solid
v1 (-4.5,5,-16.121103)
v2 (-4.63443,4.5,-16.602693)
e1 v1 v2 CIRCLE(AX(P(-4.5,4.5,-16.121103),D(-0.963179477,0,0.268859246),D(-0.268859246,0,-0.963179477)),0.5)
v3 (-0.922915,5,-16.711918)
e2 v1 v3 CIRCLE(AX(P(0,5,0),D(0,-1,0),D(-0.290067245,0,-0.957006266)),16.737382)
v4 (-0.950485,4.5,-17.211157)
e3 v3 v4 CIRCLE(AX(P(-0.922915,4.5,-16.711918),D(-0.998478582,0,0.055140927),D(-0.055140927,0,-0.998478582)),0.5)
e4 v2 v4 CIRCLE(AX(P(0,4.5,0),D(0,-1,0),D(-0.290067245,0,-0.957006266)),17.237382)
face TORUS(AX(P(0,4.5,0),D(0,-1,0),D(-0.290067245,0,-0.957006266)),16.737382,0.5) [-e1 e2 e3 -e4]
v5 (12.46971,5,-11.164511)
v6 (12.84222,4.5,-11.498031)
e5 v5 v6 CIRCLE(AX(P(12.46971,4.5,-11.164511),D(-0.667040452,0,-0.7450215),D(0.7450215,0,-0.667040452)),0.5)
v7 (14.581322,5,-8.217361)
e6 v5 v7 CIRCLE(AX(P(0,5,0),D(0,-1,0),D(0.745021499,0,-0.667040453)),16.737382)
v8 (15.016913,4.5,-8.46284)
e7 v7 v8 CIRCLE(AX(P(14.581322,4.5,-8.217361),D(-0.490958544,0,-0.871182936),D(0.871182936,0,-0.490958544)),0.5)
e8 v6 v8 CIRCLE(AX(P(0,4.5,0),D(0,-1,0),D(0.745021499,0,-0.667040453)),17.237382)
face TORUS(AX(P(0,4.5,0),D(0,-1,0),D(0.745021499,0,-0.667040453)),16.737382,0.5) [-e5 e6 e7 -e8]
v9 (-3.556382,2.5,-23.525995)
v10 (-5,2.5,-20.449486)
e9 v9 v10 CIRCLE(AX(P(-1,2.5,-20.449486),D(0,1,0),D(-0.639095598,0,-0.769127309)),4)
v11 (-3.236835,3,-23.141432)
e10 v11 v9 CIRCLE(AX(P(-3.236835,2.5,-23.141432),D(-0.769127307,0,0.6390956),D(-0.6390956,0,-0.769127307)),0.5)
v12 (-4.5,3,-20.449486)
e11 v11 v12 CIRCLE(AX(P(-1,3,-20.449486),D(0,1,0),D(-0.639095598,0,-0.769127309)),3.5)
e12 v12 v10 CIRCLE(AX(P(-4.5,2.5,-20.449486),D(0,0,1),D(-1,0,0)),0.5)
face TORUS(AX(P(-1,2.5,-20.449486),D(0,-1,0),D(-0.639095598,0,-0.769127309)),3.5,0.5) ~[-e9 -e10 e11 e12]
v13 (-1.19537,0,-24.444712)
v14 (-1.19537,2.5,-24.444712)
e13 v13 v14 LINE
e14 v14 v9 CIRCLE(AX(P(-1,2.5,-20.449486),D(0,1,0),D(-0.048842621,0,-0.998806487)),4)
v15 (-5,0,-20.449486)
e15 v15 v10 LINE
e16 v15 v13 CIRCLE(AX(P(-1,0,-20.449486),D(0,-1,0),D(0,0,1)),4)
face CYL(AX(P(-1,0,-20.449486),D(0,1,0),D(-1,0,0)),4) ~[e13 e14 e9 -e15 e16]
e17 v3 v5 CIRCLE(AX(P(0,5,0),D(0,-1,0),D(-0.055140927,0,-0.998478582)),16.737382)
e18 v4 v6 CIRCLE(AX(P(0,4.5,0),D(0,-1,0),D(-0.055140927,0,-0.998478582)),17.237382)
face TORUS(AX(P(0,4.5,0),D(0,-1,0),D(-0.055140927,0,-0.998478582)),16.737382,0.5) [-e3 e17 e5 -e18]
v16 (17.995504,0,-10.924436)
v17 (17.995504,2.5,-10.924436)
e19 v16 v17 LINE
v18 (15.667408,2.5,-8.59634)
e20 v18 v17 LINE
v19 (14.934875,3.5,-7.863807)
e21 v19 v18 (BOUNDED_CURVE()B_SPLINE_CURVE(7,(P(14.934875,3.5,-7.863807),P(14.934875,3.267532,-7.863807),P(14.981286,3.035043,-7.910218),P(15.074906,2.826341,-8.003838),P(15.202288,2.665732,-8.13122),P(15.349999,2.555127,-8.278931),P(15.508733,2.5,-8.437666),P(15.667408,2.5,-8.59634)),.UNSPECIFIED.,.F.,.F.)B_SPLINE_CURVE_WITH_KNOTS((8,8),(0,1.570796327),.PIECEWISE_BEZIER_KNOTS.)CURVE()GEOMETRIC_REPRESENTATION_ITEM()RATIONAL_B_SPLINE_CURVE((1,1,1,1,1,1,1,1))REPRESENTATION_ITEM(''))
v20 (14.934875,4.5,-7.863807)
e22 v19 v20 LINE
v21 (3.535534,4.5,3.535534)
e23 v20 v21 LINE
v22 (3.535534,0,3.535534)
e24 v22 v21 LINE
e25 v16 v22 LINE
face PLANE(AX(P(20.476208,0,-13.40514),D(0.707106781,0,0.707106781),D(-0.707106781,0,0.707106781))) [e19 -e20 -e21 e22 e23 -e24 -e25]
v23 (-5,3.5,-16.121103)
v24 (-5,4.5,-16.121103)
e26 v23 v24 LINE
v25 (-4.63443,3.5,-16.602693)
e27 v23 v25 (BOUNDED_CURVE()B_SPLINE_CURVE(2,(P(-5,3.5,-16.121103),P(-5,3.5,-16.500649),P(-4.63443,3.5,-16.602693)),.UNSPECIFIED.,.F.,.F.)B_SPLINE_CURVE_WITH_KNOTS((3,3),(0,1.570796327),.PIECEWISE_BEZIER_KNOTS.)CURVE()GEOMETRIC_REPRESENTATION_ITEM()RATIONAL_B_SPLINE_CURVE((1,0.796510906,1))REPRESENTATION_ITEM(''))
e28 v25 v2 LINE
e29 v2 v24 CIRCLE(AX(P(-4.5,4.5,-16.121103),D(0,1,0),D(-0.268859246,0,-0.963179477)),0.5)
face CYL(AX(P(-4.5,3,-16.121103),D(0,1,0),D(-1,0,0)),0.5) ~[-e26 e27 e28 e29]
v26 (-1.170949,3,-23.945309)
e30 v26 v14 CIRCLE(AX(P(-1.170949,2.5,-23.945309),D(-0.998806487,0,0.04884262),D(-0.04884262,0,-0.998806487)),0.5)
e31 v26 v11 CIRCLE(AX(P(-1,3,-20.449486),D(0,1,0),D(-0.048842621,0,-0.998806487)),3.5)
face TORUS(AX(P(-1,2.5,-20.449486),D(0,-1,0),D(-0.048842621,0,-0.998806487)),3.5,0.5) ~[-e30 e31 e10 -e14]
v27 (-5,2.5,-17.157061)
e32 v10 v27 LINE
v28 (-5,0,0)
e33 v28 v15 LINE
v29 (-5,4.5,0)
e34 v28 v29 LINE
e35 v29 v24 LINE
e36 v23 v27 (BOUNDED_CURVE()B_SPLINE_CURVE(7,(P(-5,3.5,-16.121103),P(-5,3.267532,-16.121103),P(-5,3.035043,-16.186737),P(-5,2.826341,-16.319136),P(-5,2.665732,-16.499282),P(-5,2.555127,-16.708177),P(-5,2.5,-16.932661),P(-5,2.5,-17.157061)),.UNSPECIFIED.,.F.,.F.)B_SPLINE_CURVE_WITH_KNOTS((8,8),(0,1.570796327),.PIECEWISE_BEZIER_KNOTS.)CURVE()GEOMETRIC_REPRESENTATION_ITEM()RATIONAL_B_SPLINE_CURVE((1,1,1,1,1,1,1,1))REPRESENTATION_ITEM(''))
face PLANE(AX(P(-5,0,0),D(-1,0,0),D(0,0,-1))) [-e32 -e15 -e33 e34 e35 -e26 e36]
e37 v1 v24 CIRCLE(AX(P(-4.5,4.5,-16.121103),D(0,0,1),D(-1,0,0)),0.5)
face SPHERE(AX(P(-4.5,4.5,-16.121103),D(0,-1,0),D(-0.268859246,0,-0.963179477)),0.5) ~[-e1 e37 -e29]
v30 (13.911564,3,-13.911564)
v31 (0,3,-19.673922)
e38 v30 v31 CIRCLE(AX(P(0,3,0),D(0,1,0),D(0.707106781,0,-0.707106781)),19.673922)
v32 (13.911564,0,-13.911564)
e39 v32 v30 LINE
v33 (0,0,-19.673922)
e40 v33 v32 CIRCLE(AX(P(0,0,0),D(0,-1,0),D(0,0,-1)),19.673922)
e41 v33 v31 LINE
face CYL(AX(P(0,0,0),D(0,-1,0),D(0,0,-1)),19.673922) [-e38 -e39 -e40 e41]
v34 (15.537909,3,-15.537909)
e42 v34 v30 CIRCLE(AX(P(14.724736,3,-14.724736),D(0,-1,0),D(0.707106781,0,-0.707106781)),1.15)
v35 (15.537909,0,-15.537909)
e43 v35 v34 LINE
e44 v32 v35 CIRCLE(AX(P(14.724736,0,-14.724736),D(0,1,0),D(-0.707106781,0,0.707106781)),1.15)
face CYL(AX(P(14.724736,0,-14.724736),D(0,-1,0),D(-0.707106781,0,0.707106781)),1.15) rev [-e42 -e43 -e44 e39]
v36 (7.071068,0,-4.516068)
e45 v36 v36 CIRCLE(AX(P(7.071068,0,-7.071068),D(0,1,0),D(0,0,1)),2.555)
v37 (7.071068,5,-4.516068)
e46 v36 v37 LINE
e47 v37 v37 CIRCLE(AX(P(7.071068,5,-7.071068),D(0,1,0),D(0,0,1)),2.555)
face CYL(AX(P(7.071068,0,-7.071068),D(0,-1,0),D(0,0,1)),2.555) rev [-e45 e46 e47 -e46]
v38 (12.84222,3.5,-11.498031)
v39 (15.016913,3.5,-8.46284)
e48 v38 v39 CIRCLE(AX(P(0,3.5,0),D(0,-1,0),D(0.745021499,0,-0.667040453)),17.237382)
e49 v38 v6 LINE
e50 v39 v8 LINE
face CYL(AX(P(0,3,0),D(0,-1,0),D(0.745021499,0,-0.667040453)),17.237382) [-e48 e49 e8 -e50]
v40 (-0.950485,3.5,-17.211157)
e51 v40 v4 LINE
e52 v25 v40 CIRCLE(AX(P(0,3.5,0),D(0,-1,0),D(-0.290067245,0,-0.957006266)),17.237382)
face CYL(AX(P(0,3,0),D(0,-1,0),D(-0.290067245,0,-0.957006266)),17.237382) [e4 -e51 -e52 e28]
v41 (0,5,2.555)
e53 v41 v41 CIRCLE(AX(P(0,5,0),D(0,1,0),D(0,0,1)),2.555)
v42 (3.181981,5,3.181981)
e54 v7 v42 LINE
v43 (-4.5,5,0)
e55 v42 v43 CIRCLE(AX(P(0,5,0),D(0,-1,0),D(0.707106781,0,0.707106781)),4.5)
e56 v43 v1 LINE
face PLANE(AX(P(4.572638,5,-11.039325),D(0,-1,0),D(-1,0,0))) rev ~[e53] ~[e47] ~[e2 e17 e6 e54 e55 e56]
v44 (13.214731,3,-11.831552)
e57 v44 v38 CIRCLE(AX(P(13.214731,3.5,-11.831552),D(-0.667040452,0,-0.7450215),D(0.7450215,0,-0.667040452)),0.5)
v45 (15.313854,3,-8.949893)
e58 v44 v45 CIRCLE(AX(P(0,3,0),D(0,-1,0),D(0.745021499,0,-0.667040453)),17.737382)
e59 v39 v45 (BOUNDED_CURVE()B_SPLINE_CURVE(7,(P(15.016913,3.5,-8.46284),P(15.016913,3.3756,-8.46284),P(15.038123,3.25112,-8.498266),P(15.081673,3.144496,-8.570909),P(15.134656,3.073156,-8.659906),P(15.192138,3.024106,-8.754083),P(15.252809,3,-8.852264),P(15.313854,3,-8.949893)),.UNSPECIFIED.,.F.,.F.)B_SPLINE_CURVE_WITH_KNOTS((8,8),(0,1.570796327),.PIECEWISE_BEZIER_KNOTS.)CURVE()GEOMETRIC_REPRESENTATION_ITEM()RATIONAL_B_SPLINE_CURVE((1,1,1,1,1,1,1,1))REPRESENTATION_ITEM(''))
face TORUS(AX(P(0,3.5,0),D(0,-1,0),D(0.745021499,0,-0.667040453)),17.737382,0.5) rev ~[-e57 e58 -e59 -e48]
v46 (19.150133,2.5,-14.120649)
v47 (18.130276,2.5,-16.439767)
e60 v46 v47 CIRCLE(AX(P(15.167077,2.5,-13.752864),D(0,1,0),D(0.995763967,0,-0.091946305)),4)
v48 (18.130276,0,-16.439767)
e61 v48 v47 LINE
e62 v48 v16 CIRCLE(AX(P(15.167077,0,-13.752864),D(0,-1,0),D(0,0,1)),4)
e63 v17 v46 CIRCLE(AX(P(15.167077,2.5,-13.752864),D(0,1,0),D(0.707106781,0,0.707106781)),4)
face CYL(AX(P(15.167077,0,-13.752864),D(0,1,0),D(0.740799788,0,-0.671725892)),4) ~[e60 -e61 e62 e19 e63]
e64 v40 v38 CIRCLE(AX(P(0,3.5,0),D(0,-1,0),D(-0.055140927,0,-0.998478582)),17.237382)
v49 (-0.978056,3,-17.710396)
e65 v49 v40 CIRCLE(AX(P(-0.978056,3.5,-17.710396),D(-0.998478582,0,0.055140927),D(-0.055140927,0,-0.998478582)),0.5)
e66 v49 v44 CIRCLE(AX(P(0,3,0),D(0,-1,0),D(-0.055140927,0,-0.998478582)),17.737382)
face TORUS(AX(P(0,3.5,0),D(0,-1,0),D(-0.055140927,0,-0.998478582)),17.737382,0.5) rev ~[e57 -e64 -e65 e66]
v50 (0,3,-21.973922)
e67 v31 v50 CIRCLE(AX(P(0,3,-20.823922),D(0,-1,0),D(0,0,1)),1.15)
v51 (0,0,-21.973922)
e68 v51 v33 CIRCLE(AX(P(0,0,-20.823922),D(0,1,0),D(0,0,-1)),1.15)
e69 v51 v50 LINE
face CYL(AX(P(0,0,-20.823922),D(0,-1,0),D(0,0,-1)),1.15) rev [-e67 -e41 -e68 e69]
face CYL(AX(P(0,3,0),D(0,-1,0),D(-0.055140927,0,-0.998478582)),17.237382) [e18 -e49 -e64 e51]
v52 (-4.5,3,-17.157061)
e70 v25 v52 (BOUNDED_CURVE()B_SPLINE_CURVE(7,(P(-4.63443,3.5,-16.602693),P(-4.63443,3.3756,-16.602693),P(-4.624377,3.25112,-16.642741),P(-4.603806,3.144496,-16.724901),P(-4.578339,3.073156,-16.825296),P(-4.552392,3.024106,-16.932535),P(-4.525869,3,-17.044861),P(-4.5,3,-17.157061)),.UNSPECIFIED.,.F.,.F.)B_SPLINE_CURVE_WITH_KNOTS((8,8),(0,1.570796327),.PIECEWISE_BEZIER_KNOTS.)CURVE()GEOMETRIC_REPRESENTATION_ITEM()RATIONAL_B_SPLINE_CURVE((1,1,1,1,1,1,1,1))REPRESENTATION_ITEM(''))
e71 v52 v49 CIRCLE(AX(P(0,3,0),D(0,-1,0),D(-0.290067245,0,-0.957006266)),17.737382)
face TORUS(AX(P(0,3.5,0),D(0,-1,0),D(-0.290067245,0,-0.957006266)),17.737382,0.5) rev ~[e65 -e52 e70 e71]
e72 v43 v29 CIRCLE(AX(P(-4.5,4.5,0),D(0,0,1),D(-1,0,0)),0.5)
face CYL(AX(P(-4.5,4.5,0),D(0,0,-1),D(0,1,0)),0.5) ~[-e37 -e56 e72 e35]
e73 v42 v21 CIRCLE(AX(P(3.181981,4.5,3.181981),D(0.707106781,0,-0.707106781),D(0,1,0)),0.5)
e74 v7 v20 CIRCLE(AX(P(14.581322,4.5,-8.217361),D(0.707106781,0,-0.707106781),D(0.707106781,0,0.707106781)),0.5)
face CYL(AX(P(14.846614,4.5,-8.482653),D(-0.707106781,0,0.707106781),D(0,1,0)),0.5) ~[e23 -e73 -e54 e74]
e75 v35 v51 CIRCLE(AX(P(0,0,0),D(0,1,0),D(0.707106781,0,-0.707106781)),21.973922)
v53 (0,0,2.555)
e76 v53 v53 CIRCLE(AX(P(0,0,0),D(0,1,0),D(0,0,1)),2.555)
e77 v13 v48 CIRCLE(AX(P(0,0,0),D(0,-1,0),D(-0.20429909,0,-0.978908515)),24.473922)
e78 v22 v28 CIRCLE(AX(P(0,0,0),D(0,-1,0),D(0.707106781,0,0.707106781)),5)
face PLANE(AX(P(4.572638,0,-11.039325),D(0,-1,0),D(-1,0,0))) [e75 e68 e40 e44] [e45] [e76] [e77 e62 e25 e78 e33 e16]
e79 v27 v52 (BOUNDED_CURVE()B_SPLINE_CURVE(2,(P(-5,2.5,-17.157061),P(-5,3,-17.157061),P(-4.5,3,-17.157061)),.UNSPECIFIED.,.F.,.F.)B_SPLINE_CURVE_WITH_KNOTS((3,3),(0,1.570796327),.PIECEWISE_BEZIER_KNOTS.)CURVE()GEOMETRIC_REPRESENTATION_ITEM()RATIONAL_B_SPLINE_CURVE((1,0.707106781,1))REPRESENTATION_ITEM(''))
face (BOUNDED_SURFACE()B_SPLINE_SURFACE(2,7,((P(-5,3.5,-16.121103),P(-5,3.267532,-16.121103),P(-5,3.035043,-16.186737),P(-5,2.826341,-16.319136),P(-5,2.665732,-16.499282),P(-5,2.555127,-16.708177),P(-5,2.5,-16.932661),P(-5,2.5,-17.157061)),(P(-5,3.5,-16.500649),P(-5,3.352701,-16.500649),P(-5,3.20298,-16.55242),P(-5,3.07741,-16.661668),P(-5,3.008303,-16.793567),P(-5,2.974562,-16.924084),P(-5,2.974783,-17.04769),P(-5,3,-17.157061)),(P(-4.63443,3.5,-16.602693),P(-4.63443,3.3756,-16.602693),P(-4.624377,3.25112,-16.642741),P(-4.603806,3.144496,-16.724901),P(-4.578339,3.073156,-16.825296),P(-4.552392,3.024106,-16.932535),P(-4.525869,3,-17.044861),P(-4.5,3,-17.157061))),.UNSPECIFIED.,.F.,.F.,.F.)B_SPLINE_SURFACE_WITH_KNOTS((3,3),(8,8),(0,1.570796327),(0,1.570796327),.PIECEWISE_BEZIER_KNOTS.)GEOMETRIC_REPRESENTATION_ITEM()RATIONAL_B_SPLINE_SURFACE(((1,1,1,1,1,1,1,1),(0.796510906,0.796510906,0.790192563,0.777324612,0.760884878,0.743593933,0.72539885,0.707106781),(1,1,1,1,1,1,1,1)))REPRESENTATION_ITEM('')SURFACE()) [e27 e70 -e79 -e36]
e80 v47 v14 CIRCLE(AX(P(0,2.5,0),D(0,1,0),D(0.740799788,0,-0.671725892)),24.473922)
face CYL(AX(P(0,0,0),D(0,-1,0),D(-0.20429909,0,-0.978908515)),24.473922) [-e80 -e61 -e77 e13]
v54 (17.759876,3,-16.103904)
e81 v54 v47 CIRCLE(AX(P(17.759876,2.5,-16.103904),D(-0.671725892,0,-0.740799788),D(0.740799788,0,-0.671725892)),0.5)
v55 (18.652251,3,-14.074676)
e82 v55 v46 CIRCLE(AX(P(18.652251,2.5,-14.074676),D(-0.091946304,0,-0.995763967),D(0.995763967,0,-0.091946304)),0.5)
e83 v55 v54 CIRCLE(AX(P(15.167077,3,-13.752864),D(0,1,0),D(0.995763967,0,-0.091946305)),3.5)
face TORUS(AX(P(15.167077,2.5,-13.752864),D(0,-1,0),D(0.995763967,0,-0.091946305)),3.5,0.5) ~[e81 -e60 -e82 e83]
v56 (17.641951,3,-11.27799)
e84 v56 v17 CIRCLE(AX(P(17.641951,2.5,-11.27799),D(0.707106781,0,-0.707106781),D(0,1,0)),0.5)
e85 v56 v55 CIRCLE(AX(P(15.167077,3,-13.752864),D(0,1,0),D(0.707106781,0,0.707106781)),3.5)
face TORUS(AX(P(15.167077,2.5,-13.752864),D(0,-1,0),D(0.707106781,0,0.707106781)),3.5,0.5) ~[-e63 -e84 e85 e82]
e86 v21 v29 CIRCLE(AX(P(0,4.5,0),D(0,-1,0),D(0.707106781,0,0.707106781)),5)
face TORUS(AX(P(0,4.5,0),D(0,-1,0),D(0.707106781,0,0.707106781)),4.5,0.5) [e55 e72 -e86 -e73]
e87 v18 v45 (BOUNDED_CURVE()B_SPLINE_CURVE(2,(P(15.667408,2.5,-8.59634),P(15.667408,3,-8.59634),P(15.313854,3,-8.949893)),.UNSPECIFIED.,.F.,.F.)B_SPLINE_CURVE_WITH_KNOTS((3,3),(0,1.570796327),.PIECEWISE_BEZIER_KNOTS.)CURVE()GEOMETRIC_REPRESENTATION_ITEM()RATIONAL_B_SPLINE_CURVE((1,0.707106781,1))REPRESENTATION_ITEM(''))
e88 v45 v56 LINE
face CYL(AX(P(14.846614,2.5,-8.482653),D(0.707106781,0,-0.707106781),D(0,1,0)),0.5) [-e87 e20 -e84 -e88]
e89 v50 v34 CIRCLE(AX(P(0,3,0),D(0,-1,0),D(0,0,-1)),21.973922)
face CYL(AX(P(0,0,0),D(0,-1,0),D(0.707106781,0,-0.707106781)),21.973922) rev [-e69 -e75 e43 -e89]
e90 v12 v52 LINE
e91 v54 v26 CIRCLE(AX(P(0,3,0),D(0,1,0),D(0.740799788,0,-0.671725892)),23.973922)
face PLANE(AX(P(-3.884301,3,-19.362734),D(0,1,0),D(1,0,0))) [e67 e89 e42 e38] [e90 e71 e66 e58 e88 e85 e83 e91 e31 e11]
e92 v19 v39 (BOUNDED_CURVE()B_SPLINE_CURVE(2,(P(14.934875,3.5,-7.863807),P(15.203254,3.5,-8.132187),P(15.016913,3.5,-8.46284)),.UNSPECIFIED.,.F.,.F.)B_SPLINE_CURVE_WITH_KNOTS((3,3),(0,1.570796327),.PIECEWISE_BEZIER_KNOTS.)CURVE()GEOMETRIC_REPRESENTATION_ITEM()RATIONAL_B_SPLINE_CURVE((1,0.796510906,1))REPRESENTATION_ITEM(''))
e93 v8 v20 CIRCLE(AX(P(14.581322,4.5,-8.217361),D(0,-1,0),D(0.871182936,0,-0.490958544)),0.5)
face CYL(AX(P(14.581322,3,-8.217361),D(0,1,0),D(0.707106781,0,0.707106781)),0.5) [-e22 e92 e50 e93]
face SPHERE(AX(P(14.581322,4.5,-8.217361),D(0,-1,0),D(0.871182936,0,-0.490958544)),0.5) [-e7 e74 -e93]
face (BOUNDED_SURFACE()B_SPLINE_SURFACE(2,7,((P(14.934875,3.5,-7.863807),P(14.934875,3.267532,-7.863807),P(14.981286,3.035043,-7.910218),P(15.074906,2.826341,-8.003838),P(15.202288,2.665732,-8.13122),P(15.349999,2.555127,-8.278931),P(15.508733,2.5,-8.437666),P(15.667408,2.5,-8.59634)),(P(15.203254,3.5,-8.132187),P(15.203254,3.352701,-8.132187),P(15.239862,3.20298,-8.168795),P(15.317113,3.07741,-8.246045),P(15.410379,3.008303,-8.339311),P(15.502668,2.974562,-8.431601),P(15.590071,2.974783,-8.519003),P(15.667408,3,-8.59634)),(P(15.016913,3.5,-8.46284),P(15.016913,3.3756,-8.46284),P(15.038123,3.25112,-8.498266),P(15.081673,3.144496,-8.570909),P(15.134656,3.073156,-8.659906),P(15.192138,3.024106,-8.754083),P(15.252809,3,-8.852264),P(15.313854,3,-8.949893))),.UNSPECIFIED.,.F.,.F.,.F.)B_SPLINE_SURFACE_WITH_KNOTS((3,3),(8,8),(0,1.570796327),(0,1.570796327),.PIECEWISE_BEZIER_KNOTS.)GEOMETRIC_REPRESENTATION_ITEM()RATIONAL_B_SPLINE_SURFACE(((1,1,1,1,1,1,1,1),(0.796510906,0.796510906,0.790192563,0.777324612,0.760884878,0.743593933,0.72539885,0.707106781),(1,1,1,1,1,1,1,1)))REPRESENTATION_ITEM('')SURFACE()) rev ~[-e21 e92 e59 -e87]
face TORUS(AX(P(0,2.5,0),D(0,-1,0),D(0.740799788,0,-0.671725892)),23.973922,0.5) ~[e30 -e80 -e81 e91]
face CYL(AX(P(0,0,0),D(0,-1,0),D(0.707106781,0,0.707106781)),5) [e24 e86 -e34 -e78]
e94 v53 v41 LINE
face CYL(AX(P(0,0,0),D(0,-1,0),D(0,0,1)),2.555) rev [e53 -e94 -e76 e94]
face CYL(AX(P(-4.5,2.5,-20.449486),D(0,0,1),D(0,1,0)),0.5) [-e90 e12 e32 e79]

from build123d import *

# Parameters (mm, degrees)
SKETCH1_R           = 2.555
BOSS_EXTRUDE1_DEPTH = 5
FILLET1_R           = 4
CUT_EXTRUDE1_START  = -2
CUT_EXTRUDE1_DEPTH  = 2
FILLET3_R           = 0.5


with BuildPart() as part:
    # Sketch1 → Boss-Extrude1 (new body)
    with BuildSketch(Plane(origin=(0, 0, 0), x_dir=(1, 0, 0), z_dir=(0, 1, 0))):
        with BuildLine():
            Line((-5, 0), (-5, 23.957730656))
            ThreePointArc((-5, 23.957730656), (9.365764476, 22.610955619), (20.476207715, 13.405139903))
            Line((20.476207715, 13.405139903), (3.535533906, -3.535533906))
            ThreePointArc((3.535533906, -3.535533906), (-1.913417162, -4.619397663), (-5, 0))
        make_face()
        with Locations(Location((0, 0, 0), (0, 0, 270))):
            Circle(SKETCH1_R, mode=Mode.SUBTRACT)
        with Locations(Location((7.071067812, 7.071067812, 0), (0, 0, 270))):
            Circle(SKETCH1_R, mode=Mode.SUBTRACT)
        with BuildLine():
            ThreePointArc((0, 21.973922003), (-1.15, 20.823922003), (0, 19.673922003))
            ThreePointArc((0, 19.673922003), (7.528884, 18.176333863), (13.911563661, 13.911563661))
            ThreePointArc((13.911563661, 13.911563661), (15.537909258, 13.911563661), (15.537909258, 15.537909258))
            ThreePointArc((15.537909258, 15.537909258), (8.409055895, 20.301256788), (0, 21.973922003))
        make_face(mode=Mode.SUBTRACT)
    extrude(amount=BOSS_EXTRUDE1_DEPTH)

    # Fillet1
    fillet1_edges = [part.edges().sort_by_distance(p)[0] for p in [
        (-5, 2.5, -23.957730656),
        (20.476207715, 2.5, -13.405139903),
    ]]
    fillet(fillet1_edges, radius=FILLET1_R)

    # Sketch2 → Cut-Extrude1 (cut)
    # profile 1 of 3: a face of its own
    with BuildSketch(Plane(origin=(0, 5, 0), x_dir=(1, 0, 0), z_dir=(0, 1, 0)).offset(CUT_EXTRUDE1_START)):
        with BuildLine():
            ThreePointArc((17.995504206, 10.924436395), (18.929126851, 12.393826533), (19.150132948, 14.120648738))
            ThreePointArc((19.150132948, 14.120648738), (16.926987938, 10.570555283), (12.842220443, 11.498031317))
            ThreePointArc((12.842220443, 11.498031317), (14.122014888, 9.884130998), (15.200167421, 8.129099609))
            Line((15.200167421, 8.129099609), (17.995504206, 10.924436395))
        make_face()
    # profile 2 of 3: a face of its own
    with BuildSketch(Plane(origin=(0, 5, 0), x_dir=(1, 0, 0), z_dir=(0, 1, 0)).offset(CUT_EXTRUDE1_START)):
        with BuildLine():
            ThreePointArc((19.150132948, 14.120648738), (18.82866037, 15.363083326), (18.130276234, 16.439767087))
            ThreePointArc((18.130276234, 16.439767087), (9.365764476, 22.610955619), (-1.195370482, 24.444712058))
            ThreePointArc((-1.195370482, 24.444712058), (-2.450533029, 24.177213828), (-3.556382391, 23.525995345))
            ThreePointArc((-3.556382391, 23.525995345), (-4.494676634, 19.443699277), (-0.950485246, 17.211157075))
            ThreePointArc((-0.950485246, 17.211157075), (6.59646064, 15.925264742), (12.842220443, 11.498031317))
            ThreePointArc((12.842220443, 11.498031317), (16.926987938, 10.570555283), (19.150132948, 14.120648738))
        make_face()
        with BuildLine():
            ThreePointArc((0, 19.673922003), (-1.15, 20.823922003), (0, 21.973922003))
            ThreePointArc((0, 21.973922003), (8.409055895, 20.301256788), (15.537909258, 15.537909258))
            ThreePointArc((15.537909258, 15.537909258), (15.537909258, 13.911563661), (13.911563661, 13.911563661))
            ThreePointArc((13.911563661, 13.911563661), (7.528884, 18.176333863), (0, 19.673922003))
        make_face(mode=Mode.SUBTRACT)
    # profile 3 of 3: a face of its own
    with BuildSketch(Plane(origin=(0, 5, 0), x_dir=(1, 0, 0), z_dir=(0, 1, 0)).offset(CUT_EXTRUDE1_START)):
        with BuildLine():
            ThreePointArc((-0.950485246, 17.211157075), (-4.494676634, 19.443699277), (-3.556382391, 23.525995345))
            ThreePointArc((-3.556382391, 23.525995345), (-4.621155172, 22.148672745), (-5, 20.44948611))
            Line((-5, 20.44948611), (-5, 16.496282917))
            ThreePointArc((-5, 16.496282917), (-2.996636437, 16.974908546), (-0.950485246, 17.211157075))
        make_face()
    extrude(amount=CUT_EXTRUDE1_DEPTH, mode=Mode.SUBTRACT)

    # Fillet3
    fillet3_edges = [part.edges().sort_by_distance(p)[0] for p in [
        (-1.913417162, 5, 4.619397663),
        (-5, 5, -8.248141459),
        (19.165883391, 3, -13.655149118),
        (16.597835814, 3, -9.526768002),
        (6.59646064, 3, -15.925264742),
        (15.200167421, 4, -8.129099609),
        (-5, 3, -18.472884514),
        (-5, 4, -16.496282917),
        (-3.896677573, 3, -23.207974653),
        (9.365764476, 3, -22.610955619),
        (6.59646064, 5, -15.925264742),
        (9.367850663, 5, -2.296782852),
    ]]
    fillet(fillet3_edges, radius=FILLET3_R)


solid = part.part
